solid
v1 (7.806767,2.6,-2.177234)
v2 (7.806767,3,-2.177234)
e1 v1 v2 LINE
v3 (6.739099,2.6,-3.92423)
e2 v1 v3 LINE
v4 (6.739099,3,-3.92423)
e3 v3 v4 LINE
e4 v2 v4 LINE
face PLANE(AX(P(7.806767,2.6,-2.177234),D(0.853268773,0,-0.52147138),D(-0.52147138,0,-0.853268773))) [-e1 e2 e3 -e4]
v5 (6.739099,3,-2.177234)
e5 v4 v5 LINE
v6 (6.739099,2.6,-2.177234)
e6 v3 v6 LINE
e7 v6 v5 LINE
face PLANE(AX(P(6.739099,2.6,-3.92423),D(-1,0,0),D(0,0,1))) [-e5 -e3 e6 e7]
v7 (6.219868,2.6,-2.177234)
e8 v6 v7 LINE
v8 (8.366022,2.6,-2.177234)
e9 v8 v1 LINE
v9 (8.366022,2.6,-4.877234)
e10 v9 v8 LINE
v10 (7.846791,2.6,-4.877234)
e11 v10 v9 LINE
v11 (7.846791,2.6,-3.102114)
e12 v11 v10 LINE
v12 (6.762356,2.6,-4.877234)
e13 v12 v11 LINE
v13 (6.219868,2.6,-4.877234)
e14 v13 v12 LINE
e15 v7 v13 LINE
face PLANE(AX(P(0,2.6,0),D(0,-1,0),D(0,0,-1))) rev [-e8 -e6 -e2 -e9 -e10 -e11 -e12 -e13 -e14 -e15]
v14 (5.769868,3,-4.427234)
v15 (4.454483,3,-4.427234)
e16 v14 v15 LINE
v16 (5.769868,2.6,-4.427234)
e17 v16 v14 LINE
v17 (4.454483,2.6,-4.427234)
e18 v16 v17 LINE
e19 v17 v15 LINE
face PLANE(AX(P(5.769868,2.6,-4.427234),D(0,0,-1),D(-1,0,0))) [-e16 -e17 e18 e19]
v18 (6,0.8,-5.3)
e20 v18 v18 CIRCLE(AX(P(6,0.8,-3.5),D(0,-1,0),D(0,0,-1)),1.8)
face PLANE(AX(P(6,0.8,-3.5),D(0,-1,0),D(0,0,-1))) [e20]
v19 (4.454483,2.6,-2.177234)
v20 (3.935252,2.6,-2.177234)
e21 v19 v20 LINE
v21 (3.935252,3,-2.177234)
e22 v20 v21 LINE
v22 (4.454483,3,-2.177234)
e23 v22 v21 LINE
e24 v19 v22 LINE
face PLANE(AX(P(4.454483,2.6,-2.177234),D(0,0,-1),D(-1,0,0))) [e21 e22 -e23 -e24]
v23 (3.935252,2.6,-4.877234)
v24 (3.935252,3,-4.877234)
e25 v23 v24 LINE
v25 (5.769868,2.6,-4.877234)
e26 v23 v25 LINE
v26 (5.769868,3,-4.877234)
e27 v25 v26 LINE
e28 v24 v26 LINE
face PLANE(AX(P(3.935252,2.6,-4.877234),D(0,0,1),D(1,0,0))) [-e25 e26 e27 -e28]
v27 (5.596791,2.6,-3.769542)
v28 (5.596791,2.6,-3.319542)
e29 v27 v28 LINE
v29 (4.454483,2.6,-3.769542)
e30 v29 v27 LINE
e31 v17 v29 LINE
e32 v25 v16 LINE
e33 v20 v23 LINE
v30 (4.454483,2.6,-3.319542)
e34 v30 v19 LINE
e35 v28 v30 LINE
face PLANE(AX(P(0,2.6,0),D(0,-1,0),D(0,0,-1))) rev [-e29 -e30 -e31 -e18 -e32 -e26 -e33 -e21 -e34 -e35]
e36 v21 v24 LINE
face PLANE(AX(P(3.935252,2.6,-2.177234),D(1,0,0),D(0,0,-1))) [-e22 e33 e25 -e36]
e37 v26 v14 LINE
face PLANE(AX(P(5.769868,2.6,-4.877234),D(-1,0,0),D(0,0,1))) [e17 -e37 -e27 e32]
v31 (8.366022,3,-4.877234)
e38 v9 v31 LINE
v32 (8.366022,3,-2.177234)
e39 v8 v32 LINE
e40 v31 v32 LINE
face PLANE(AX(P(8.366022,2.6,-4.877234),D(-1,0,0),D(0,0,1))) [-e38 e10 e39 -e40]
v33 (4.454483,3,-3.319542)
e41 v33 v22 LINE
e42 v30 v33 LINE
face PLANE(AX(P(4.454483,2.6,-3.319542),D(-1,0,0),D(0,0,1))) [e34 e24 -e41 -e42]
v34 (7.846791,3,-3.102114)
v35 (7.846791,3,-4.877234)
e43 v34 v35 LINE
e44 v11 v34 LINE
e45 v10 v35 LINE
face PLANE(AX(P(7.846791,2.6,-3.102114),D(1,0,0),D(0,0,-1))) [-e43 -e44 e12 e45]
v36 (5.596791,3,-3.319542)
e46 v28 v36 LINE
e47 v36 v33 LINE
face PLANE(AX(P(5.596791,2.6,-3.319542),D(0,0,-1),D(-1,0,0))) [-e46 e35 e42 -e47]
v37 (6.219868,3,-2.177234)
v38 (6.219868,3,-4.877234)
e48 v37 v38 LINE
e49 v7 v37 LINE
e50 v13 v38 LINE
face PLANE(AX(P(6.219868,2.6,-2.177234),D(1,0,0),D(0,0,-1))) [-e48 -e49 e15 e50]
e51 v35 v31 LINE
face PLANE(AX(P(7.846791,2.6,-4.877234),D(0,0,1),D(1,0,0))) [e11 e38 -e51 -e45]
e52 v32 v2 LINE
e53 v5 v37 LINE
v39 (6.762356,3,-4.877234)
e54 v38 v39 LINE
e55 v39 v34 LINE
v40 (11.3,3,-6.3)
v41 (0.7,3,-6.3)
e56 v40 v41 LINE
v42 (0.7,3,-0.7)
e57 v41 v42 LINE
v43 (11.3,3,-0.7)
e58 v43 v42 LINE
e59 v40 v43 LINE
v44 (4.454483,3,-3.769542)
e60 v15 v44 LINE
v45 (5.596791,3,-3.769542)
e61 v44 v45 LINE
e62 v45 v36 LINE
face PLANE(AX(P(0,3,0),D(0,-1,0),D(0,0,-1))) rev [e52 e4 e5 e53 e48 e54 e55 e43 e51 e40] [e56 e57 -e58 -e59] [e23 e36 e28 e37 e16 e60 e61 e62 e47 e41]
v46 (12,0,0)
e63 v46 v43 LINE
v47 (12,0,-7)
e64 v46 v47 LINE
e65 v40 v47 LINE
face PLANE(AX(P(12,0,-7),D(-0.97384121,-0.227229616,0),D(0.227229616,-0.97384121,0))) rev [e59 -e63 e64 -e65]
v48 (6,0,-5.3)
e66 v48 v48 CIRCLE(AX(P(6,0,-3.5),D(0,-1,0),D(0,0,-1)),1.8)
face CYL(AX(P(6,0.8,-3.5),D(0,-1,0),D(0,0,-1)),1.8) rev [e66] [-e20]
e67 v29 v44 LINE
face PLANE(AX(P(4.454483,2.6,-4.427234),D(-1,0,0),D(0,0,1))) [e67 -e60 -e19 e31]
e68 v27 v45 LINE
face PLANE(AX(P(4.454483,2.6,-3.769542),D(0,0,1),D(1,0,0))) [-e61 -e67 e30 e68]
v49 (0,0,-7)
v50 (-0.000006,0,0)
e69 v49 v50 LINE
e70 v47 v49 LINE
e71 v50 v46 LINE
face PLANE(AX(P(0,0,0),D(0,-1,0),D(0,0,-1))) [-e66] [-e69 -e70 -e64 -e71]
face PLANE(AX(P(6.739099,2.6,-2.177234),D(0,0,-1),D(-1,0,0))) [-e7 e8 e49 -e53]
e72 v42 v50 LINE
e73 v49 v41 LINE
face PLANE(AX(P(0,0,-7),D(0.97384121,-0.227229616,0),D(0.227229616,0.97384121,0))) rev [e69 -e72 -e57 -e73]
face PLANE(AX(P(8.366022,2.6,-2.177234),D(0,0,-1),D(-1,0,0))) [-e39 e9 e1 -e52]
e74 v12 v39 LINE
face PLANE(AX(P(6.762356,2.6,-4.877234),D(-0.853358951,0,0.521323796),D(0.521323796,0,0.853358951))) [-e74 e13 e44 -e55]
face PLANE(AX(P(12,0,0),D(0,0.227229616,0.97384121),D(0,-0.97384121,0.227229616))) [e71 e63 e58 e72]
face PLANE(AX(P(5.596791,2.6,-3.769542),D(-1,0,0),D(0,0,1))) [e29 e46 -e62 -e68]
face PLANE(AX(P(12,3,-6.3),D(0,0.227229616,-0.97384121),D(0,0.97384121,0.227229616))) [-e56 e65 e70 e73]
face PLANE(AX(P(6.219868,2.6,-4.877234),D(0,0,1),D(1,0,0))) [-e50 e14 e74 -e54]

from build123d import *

# Parameters (mm, degrees)
SKETCH1_W               = 12
SKETCH1_H               = 7
BOSS_EXTRUDE1_DEPTH     = 3
CUT_EXTRUDE1_DEPTH      = 7
CUT_EXTRUDE2_DEPTH      = 15.212670404
CUT_EXTRUDE2_DEPTH_BACK = 15.212670404
SKETCH4_R               = 1.8
CUT_EXTRUDE3_DEPTH      = 0.8
CUT_EXTRUDE4_DEPTH      = 0.4


with BuildPart() as part:
    # Sketch1 → Boss-Extrude1 (new body)
    with BuildSketch(Plane(origin=(0, 0, 0), x_dir=(1, 0, 0), z_dir=(0, 1, 0))):
        with Locations((6, 3.5)):
            Rectangle(SKETCH1_W, SKETCH1_H)
    extrude(amount=BOSS_EXTRUDE1_DEPTH)

    # Sketch2 → Cut-Extrude1 (cut)
    with BuildSketch(Plane.XY):
        Polygon((0, 0), (0.7, 3), (0, 3), align=None)
        Polygon((12, 0), (11.3, 3), (12, 3), align=None)
    extrude(amount=-CUT_EXTRUDE1_DEPTH, mode=Mode.SUBTRACT)

    # Sketch3 → Cut-Extrude2 (cut, two sides: drawn at the far end of the back side and taken through both)
    with BuildSketch(Plane(origin=(0, 0, 0), x_dir=(0, 0, -1), z_dir=(1, 0, 0)).offset(-CUT_EXTRUDE2_DEPTH_BACK)):
        Polygon((0, 0), (0.7, 3), (0, 3), align=None)
        Polygon((7, 3), (6.3, 3), (7, 0), align=None)
    extrude(amount=CUT_EXTRUDE2_DEPTH + CUT_EXTRUDE2_DEPTH_BACK, mode=Mode.SUBTRACT)

    # Sketch4 → Cut-Extrude3 (cut)
    with BuildSketch(Plane.XZ):
        with Locations(Location((6, -3.5, 0), (0, 0, 270))):
            Circle(SKETCH4_R)
    extrude(amount=-CUT_EXTRUDE3_DEPTH, mode=Mode.SUBTRACT)

    # Sketch5 → Cut-Extrude4 (cut)
    with BuildSketch(Plane(origin=(0, 3, 0), x_dir=(1, 0, 0), z_dir=(0, 1, 0))):
        Polygon((3.935252413, 2.177234373), (3.935252413, 4.877234373), (5.769867798, 4.877234373), (5.769867798, 4.427234373), (4.454483182, 4.427234373), (4.454483182, 3.769542065), (5.596790874, 3.769542065), (5.596790874, 3.319542065), (4.454483182, 3.319542065), (4.454483182, 2.177234373), align=None)
        Polygon((6.219867798, 2.177234373), (6.219867798, 4.877234373), (6.762355778, 4.877234373), (7.846790874, 3.102114181), (7.846790874, 4.877234373), (8.366021644, 4.877234373), (8.366021644, 2.177234373), (7.806766836, 2.177234373), (6.739098567, 3.924229565), (6.739098567, 2.177234373), align=None)
    extrude(amount=-CUT_EXTRUDE4_DEPTH, mode=Mode.SUBTRACT)


solid = part.part
